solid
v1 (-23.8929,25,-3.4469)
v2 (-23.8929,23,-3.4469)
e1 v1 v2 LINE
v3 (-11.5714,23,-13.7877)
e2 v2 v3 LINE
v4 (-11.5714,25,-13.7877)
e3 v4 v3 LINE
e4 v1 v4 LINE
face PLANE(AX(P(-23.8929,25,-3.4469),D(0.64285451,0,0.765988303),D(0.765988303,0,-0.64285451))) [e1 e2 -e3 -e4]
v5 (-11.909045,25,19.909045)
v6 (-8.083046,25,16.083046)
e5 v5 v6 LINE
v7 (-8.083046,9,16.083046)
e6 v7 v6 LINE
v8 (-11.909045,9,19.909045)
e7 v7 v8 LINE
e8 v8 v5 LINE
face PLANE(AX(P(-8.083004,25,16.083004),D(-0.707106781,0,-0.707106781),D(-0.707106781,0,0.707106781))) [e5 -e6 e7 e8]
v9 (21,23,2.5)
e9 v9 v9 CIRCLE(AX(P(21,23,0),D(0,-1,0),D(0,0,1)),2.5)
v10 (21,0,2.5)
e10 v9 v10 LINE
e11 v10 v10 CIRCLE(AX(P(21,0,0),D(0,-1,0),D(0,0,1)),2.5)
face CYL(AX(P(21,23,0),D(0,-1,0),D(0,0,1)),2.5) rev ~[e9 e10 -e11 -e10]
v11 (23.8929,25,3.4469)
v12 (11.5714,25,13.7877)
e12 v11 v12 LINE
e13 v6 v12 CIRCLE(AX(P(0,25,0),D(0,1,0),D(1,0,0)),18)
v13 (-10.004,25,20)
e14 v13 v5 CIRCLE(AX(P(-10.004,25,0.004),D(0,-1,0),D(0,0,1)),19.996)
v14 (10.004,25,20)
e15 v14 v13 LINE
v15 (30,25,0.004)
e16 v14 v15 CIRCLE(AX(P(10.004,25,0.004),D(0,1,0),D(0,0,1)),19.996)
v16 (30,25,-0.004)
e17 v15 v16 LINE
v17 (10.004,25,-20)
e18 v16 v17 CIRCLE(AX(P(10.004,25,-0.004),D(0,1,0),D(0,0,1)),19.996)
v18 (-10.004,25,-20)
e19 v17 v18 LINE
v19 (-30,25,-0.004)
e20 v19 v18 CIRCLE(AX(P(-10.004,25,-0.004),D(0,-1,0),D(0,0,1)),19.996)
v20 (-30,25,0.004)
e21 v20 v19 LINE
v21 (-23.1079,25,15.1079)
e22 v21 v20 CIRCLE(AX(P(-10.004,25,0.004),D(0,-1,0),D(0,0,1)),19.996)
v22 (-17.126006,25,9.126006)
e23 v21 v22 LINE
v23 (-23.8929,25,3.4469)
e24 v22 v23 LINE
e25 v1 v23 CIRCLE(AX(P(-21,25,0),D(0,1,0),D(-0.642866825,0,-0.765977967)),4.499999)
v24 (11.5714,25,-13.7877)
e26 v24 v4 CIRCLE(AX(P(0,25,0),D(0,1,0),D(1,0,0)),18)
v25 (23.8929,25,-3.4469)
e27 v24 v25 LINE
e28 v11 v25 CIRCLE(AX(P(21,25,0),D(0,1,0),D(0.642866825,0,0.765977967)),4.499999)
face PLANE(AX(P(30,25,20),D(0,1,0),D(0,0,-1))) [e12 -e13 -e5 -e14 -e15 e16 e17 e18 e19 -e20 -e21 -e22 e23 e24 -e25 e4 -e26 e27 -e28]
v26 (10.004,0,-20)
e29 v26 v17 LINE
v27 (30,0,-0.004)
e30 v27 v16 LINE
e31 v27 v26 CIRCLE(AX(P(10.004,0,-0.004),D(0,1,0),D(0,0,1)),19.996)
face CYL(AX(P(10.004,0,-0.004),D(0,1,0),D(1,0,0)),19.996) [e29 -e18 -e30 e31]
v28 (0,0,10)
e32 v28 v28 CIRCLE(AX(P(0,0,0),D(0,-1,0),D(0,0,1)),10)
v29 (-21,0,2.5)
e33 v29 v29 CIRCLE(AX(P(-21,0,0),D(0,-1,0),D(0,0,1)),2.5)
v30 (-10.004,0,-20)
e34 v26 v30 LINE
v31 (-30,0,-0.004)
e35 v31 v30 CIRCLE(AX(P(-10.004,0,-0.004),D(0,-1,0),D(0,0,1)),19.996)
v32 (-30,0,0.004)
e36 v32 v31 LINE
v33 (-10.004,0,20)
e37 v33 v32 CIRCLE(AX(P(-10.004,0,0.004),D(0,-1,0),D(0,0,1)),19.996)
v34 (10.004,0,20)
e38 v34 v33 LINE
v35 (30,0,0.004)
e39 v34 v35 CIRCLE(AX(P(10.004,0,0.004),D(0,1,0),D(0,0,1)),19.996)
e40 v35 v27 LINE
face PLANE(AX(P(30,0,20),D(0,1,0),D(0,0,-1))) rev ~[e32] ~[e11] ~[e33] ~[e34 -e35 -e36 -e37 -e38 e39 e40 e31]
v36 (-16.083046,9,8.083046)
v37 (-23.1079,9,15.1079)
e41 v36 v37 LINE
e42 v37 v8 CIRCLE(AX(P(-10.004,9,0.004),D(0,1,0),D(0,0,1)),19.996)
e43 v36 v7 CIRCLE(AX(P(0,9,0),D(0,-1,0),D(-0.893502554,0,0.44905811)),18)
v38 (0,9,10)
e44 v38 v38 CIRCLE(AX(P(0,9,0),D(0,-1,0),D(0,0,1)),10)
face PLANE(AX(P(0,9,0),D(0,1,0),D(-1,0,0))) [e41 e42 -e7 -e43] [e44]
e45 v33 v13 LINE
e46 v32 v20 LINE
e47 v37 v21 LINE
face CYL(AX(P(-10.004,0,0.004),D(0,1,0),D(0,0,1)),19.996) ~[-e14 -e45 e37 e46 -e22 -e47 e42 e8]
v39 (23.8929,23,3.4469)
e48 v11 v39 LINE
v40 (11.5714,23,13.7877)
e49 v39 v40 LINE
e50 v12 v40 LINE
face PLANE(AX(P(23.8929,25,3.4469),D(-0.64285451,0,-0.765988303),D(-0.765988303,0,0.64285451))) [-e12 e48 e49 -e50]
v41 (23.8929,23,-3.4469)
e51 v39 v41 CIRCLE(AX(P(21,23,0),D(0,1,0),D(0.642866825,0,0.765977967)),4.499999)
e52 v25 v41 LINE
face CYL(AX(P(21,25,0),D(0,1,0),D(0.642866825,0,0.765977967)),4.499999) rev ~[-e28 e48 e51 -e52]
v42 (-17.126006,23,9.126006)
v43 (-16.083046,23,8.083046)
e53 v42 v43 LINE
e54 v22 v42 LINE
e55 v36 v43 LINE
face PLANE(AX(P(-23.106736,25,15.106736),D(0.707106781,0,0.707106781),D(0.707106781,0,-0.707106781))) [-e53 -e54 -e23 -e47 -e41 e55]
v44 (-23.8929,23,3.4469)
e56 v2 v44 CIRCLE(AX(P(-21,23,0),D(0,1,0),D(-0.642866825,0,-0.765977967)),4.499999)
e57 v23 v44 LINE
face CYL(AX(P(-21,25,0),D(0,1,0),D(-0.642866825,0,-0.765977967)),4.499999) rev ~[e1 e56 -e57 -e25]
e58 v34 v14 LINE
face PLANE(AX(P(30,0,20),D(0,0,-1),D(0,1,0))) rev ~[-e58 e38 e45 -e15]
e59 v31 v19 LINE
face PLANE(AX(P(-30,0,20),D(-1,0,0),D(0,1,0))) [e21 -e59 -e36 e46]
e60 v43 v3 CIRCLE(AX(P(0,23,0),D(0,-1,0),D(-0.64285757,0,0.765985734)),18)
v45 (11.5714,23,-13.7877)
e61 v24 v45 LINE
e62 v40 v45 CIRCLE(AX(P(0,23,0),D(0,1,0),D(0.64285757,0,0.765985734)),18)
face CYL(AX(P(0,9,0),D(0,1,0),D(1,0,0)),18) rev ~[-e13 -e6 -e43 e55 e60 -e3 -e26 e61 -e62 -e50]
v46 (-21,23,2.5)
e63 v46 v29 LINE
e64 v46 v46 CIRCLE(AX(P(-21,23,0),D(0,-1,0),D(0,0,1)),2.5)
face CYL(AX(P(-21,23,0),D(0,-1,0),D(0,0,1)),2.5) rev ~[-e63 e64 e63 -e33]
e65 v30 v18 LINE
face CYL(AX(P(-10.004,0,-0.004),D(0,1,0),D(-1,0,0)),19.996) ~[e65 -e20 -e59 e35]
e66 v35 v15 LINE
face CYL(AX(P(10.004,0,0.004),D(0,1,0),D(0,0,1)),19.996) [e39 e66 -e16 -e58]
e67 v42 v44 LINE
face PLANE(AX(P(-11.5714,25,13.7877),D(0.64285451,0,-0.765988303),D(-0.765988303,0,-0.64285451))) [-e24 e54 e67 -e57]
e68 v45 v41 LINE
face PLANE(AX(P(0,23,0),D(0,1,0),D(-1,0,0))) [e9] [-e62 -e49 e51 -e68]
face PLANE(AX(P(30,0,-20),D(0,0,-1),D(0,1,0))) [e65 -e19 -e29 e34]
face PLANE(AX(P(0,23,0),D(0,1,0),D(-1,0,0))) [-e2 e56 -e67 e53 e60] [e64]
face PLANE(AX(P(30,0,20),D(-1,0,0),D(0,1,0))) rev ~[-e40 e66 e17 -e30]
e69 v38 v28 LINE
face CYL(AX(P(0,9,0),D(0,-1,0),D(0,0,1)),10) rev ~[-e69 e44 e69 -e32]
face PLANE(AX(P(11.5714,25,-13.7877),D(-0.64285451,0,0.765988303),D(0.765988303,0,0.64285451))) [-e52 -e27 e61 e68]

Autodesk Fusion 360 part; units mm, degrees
box "BoxPrimitive1" add length 40 width 60 height 25 placed x (0, 0, -1) y (-1, 0, 0) z (0, 1, 0) at (30, 0, 20)
cylinder "CylinderPrimitive1" cut diameter 36 height -16 placed x (1, 0, 0) y (0, 0, -1) z (0, 1, 0) at (0, 25, 0)
hole "Hole1" at (0, 9, 0) direction (0, -1, 0) diameter 20 depth 17 tip angle 118
sketch "Sketch4" plane through (0, 25, 0) normal (0, 1, 0) x (-1, 0, 0)
  circle A0 centre (0, 0) radius 18
  line L0 (-30, -20) -> (30, -20)
  line L1 (30, -20) -> (30, 20)
  line L2 (30, 20) -> (-30, 20)
  line L3 (-30, 20) -> (-30, -20)
  arc A1 (23.8929, -3.4469) -> (23.8929, 3.4469) centre (21, 0) ccw
  arc A2 (-23.8929, 3.4469) -> (-23.8929, -3.4469) centre (-21, 0) ccw
  arc A3 (-11.5714, -13.7877) -> (11.5714, -13.7877) centre (0, 0) ccw
  arc A4 (11.5714, 13.7877) -> (-11.5714, 13.7877) centre (0, 0) ccw
  line L4 (23.8929, -3.4469) -> (11.5714, -13.7877)
  line L5 (-11.5714, -13.7877) -> (-23.8929, -3.4469)
  line L6 (-23.8929, 3.4469) -> (-11.5714, 13.7877)
  line L7 (11.5714, 13.7877) -> (23.8929, 3.4469)
  dimension "d11" = 4.5
  dimension "d12" = 4.5
  dimension "d13" = 21
  dimension "d14" = 21
extrude "Extrude1" cut sketch "Sketch4" against normal blind 2 contours A0 A1 L4 L7 | A0 A2 L5 L6
hole "Hole2" at (-21, 23, 0) direction (0, -1, 0) diameter 5 end through all
hole "Hole3" at (21, 23, 0) direction (0, -1, 0) diameter 5 end through all
fillet "Fillet1" radius 20 1 edges at (-30, 12.5, 20)
fillet "Fillet1" radius 20 3 edges at (30, 12.5, 20) (30, 12.5, -20) (-30, 12.5, -20)
sketch "Sketch5" plane through (0, 25, 0) normal (0, 1, 0) x (-1, 0, 0)
  arc A0 (10, -20) -> (10, 20) centre (10, 0) ccw
  line L0 (10, 20) -> (-10, 20)
  arc A1 (-10, 20) -> (-10, -20) centre (-10, 0) ccw
  line L1 (-10, -20) -> (10, -20)
  line L2 (23.8929, -3.4469) -> (11.5714, -13.7877)
  arc A2 (-11.5714, -13.7877) -> (11.5714, -13.7877) centre (0, 0) ccw
  line L3 (-11.5714, -13.7877) -> (-23.8929, -3.4469)
  arc A3 (-23.8929, 3.4469) -> (-23.8929, -3.4469) centre (-21, 0) ccw
  line L4 (-23.8929, 3.4469) -> (-11.5714, 13.7877)
  arc A4 (11.5714, 13.7877) -> (-11.5714, 13.7877) centre (0, 0) ccw
  line L5 (11.5714, 13.7877) -> (23.8929, 3.4469)
  arc A5 (23.8929, -3.4469) -> (23.8929, 3.4469) centre (21, 0) ccw
  line L6 (8, 0) -> (0, 8)
  line L7 (0, 8) -> (20.2173, 28.2173)
  line L8 (20.2173, 28.2173) -> (28.2173, 20.2173)
  line L9 (28.2173, 20.2173) -> (8, 0)
  dimension "d25" = 8
  dimension "d26" = 8
extrude "Extrude2" cut sketch "Sketch5" against normal blind 16 contours A0 A4 L5 L7 L9 | A0 L7 L8 L9 | A4 L5 L6 L7 L9
equation "d13 = ( 42 / 2 ) * 1 mm"
equation "d14 = ( 42 / 2 ) * 1 mm"
